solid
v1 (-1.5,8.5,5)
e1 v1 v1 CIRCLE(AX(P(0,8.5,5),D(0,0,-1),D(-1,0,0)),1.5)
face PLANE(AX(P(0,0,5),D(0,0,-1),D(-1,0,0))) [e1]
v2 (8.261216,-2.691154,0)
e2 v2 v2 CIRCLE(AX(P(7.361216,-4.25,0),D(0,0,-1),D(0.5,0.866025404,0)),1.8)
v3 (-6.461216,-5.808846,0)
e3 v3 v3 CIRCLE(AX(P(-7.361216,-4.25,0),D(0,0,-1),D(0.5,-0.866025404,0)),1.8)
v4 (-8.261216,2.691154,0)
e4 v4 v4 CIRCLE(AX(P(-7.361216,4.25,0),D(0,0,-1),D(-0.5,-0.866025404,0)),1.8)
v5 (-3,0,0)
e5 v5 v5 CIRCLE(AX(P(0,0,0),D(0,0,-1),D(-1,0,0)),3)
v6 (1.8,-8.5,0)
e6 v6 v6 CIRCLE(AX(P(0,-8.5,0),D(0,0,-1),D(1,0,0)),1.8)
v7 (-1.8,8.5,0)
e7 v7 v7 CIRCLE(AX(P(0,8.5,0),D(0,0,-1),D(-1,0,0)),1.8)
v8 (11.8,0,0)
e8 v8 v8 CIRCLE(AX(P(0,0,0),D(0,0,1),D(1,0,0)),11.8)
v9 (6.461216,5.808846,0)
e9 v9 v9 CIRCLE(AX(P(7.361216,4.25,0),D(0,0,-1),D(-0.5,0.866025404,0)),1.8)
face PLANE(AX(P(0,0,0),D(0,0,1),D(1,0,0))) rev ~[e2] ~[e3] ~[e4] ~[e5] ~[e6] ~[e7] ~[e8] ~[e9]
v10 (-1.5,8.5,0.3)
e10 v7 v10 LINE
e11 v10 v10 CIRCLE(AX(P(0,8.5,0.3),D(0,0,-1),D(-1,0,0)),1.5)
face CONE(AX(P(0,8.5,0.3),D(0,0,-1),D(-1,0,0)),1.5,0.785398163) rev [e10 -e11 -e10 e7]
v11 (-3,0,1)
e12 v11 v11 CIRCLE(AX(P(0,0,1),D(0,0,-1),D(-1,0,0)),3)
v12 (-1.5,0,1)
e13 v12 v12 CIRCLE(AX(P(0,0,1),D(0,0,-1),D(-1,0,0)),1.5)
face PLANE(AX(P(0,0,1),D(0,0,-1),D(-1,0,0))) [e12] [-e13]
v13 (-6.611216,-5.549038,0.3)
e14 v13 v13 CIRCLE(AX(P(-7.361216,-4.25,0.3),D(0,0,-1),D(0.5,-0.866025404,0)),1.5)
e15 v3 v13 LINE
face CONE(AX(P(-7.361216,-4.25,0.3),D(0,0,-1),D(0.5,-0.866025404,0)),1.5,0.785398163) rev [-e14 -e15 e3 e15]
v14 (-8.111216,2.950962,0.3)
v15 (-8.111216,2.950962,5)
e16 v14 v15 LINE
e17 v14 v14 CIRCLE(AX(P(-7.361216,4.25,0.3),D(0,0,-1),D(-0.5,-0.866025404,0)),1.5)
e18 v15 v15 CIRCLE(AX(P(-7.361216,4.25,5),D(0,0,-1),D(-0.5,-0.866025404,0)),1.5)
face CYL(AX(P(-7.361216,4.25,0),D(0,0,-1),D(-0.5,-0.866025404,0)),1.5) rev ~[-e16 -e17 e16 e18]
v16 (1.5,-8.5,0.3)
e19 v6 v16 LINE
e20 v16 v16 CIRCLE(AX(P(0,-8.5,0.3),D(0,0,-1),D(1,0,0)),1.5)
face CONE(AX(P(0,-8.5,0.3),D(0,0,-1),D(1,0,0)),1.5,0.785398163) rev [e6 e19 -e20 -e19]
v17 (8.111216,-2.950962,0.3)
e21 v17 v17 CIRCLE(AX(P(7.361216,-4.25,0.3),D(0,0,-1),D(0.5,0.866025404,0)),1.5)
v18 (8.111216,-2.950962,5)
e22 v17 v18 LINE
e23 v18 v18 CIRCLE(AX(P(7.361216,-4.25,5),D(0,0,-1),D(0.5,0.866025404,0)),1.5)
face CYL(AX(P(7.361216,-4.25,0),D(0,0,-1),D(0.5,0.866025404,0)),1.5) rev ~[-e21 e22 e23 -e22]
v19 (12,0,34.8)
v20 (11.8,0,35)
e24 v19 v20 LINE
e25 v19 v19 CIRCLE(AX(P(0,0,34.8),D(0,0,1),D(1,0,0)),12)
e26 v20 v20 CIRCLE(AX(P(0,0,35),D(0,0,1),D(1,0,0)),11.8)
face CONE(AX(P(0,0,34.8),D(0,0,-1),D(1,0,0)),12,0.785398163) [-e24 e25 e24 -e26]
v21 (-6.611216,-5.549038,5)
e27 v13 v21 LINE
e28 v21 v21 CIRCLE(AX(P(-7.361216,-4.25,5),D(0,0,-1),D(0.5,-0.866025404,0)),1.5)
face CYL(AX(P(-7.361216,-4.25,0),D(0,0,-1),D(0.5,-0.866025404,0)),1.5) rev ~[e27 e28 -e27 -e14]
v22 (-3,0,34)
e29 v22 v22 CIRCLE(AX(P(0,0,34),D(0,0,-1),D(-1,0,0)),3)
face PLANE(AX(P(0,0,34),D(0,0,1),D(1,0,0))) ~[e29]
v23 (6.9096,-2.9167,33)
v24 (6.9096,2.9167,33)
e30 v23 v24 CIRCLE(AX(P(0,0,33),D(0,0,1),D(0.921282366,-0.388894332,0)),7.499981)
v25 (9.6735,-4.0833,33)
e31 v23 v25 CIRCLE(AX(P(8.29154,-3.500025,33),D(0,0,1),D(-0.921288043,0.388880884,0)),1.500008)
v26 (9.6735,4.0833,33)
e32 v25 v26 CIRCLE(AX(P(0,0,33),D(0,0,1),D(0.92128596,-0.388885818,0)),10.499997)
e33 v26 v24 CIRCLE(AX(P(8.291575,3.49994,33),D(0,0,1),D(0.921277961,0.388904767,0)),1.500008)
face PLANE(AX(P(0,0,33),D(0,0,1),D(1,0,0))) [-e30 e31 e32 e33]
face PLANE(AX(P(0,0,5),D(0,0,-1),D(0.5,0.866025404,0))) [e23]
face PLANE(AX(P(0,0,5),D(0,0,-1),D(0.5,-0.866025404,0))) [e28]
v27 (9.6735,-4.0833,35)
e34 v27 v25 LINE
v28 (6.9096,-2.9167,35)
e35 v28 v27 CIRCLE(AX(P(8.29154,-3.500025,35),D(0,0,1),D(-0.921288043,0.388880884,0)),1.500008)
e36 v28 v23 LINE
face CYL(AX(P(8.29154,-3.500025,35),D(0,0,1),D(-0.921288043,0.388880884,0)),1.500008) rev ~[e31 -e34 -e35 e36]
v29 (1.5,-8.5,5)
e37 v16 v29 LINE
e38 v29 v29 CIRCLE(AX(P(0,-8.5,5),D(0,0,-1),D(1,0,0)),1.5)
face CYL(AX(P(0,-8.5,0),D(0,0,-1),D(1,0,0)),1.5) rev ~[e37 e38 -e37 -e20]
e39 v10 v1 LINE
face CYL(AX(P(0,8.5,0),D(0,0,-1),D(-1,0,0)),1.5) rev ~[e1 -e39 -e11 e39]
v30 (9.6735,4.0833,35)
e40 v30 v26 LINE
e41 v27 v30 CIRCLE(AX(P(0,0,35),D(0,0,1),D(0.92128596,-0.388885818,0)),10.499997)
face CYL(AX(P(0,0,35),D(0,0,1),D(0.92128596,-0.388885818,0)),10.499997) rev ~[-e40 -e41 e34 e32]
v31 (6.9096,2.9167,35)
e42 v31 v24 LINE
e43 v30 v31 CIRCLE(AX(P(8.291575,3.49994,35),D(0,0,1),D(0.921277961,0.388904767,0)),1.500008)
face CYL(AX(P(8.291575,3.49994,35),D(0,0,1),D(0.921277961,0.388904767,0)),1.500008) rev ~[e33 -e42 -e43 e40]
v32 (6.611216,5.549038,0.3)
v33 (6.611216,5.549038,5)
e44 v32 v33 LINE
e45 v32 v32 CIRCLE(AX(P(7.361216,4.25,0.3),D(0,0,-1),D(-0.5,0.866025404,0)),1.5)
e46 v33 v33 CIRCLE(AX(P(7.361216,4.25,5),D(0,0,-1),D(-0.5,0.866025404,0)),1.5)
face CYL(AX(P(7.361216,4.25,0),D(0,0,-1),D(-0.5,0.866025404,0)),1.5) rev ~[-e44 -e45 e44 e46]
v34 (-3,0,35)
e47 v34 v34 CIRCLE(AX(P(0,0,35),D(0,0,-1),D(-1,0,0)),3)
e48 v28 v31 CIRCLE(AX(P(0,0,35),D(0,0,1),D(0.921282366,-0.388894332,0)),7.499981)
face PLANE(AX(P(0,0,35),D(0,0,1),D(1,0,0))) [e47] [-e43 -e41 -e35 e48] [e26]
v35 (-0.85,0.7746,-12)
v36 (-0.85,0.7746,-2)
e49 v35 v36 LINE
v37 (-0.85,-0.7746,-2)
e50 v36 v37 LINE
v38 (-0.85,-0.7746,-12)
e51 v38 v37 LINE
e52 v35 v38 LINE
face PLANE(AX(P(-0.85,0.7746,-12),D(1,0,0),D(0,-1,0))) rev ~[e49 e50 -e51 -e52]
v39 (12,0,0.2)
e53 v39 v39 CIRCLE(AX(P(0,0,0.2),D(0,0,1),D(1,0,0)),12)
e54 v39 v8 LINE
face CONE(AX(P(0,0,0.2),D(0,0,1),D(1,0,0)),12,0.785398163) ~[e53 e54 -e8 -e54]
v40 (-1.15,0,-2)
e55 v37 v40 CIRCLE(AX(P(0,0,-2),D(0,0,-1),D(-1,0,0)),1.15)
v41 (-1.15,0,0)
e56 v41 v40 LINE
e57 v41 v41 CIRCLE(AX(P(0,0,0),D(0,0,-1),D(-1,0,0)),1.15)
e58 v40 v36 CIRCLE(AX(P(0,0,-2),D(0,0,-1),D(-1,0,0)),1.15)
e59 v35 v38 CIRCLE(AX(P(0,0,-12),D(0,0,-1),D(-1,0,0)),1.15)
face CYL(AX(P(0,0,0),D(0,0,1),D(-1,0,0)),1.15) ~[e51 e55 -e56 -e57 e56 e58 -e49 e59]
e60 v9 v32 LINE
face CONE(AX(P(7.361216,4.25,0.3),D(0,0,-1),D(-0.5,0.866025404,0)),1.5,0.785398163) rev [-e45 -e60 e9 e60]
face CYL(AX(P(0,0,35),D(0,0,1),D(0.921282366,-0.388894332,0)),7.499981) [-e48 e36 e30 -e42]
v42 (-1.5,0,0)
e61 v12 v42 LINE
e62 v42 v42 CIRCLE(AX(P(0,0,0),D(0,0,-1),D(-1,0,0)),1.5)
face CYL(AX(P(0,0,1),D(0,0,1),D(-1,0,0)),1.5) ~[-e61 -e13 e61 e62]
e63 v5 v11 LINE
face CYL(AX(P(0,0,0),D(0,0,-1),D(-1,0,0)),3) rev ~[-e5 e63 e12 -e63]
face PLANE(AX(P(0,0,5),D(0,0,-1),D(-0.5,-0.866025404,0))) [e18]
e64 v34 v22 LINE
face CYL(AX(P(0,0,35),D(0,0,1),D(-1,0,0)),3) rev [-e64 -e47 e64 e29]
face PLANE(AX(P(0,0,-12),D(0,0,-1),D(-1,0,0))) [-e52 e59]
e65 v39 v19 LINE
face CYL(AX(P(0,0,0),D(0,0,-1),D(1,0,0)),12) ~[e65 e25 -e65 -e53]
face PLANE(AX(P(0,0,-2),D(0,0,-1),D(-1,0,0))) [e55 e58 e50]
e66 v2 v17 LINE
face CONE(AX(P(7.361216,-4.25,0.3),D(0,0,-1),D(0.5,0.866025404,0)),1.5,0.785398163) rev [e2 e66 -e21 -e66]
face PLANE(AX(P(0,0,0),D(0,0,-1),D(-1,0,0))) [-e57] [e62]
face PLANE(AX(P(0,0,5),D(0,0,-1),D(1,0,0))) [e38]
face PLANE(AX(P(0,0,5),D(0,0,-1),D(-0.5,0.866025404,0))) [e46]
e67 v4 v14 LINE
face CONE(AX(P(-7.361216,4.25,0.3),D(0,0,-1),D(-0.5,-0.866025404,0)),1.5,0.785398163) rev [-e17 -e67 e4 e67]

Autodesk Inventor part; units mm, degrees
ref_plane "YZ Plane" through (0, 0, 0) normal (1, 0, 0) x (0, 1, 0)
ref_plane "XZ Plane" through (0, 0, 0) normal (0, 1, 0) x (-1, 0, 0)
ref_plane "XY Plane" through (0, 0, 0) normal (0, 0, 1) x (1, 0, 0)
sketch "Skizze1" plane through (0, 0, 0) normal (0, 0, 1) x (1, 0, 0)
  circle A0 centre (0, 0) radius 12
  dimension "d0" = 24
extrude "Extrusion1" add sketch "Skizze1" along normal blind 35
chamfer "Fase1" distance 0.2 angle 45 2 edges at (-12, 0, 35) (-12, 0, 0)
sketch "Skizze2" plane through (0, 0, 0) normal (0, 0, -1) x (-1, 0, 0)
  circle A0 centre (0, 0) radius 3
  dimension "d7" = 6
extrude "Extrusion2" cut sketch "Skizze2" against normal blind 1
ref_plane "Arbeitsebene1" through (0, 0, 17.5) normal (0, 0, -1) x (-1, 0, 0)
mirror "Spiegeln1" about plane through (0, 0, 17.5) normal (0, 0, -1) of "Extrusion2"
sketch "Skizze3" plane through (0, 0, 1) normal (0, 0, -1) x (-1, 0, 0)
  circle A0 centre (0, 0) radius 1.5
  dimension "d10" = 3
extrude "Extrusion3" add sketch "Skizze3" along normal blind 1
sketch "Skizze4" plane through (0, 0, 0) normal (0, 0, -1) x (-1, 0, 0)
  circle A0 centre (0, 0) radius 1.15
  dimension "d13" = 2.3
extrude "Extrusion4" add sketch "Skizze4" along normal blind 12
sketch "Skizze5" plane through (0, 0, -12) normal (0, 0, -1) x (-1, 0, 0)
  circle A0 centre (0, 0) radius 1.15 projected
  line L0 (0.85, 0.7746) -> (0.85, -0.7746)
  line L1 (0.85, 0) -> (-1.15, 0) construction
  dimension "d16" = 2
extrude "Extrusion5" cut sketch "Skizze5" against normal blind 10 contours A0 L0 picked at (0.9044, -0.1813)
sketch "Skizze6" plane through (0, 0, 35) normal (0, 0, 1) x (1, 0, 0)
  circle A0 centre (0, 0) radius 3 projected
  arc A1 (8.2916, -3.5) -> (8.2916, 3.5) centre (0, 0) ccw construction
  arc A2 (9.6735, -4.0833) -> (9.6735, 4.0833) centre (0, 0) ccw
  arc A3 (6.9096, -2.9167) -> (6.9096, 2.9167) centre (0, 0) ccw
  arc A4 (6.9096, -2.9167) -> (9.6735, -4.0833) centre (8.2916, -3.5) ccw
  arc A5 (9.6735, 4.0833) -> (6.9096, 2.9167) centre (8.2916, 3.5) ccw
  dimension "d19" = 1.5
  dimension "d20" = 7
  dimension "d21" = 3.5
  dimension "d22" = 9
extrude "Extrusion6" cut sketch "Skizze6" against normal blind 2 contours A4 A3 A5 A2
sketch "Skizze7" plane through (0, 0, 0) normal (0, 0, -1) x (-1, 0, 0)
  circle A0 centre (0, 8.5) radius 1.5
  point P0 (0, 0)
  dimension "d25" = 3
  dimension "d26" = 8.5
extrude "Extrusion7" cut sketch "Skizze7" against normal blind 5
thread "Gewinde1" size "M3x0.5" class "6H" standard "ANSI Metric M Profile" full length
chamfer "Fase2" distance 0.3 angle 45 1 edges at (1.5, 8.5, 0)
pattern_circular "Runde Anordnung1" count 6 over 360 about axis through (0, 0, 0) along (0, 0, -1) of "Extrusion7", "Fase2"
ref_plane "Arbeitsebene2" through (0, 0, 17.5) normal (0, 0, -1) x (-1, 0, 0)
properties part number "motor"
